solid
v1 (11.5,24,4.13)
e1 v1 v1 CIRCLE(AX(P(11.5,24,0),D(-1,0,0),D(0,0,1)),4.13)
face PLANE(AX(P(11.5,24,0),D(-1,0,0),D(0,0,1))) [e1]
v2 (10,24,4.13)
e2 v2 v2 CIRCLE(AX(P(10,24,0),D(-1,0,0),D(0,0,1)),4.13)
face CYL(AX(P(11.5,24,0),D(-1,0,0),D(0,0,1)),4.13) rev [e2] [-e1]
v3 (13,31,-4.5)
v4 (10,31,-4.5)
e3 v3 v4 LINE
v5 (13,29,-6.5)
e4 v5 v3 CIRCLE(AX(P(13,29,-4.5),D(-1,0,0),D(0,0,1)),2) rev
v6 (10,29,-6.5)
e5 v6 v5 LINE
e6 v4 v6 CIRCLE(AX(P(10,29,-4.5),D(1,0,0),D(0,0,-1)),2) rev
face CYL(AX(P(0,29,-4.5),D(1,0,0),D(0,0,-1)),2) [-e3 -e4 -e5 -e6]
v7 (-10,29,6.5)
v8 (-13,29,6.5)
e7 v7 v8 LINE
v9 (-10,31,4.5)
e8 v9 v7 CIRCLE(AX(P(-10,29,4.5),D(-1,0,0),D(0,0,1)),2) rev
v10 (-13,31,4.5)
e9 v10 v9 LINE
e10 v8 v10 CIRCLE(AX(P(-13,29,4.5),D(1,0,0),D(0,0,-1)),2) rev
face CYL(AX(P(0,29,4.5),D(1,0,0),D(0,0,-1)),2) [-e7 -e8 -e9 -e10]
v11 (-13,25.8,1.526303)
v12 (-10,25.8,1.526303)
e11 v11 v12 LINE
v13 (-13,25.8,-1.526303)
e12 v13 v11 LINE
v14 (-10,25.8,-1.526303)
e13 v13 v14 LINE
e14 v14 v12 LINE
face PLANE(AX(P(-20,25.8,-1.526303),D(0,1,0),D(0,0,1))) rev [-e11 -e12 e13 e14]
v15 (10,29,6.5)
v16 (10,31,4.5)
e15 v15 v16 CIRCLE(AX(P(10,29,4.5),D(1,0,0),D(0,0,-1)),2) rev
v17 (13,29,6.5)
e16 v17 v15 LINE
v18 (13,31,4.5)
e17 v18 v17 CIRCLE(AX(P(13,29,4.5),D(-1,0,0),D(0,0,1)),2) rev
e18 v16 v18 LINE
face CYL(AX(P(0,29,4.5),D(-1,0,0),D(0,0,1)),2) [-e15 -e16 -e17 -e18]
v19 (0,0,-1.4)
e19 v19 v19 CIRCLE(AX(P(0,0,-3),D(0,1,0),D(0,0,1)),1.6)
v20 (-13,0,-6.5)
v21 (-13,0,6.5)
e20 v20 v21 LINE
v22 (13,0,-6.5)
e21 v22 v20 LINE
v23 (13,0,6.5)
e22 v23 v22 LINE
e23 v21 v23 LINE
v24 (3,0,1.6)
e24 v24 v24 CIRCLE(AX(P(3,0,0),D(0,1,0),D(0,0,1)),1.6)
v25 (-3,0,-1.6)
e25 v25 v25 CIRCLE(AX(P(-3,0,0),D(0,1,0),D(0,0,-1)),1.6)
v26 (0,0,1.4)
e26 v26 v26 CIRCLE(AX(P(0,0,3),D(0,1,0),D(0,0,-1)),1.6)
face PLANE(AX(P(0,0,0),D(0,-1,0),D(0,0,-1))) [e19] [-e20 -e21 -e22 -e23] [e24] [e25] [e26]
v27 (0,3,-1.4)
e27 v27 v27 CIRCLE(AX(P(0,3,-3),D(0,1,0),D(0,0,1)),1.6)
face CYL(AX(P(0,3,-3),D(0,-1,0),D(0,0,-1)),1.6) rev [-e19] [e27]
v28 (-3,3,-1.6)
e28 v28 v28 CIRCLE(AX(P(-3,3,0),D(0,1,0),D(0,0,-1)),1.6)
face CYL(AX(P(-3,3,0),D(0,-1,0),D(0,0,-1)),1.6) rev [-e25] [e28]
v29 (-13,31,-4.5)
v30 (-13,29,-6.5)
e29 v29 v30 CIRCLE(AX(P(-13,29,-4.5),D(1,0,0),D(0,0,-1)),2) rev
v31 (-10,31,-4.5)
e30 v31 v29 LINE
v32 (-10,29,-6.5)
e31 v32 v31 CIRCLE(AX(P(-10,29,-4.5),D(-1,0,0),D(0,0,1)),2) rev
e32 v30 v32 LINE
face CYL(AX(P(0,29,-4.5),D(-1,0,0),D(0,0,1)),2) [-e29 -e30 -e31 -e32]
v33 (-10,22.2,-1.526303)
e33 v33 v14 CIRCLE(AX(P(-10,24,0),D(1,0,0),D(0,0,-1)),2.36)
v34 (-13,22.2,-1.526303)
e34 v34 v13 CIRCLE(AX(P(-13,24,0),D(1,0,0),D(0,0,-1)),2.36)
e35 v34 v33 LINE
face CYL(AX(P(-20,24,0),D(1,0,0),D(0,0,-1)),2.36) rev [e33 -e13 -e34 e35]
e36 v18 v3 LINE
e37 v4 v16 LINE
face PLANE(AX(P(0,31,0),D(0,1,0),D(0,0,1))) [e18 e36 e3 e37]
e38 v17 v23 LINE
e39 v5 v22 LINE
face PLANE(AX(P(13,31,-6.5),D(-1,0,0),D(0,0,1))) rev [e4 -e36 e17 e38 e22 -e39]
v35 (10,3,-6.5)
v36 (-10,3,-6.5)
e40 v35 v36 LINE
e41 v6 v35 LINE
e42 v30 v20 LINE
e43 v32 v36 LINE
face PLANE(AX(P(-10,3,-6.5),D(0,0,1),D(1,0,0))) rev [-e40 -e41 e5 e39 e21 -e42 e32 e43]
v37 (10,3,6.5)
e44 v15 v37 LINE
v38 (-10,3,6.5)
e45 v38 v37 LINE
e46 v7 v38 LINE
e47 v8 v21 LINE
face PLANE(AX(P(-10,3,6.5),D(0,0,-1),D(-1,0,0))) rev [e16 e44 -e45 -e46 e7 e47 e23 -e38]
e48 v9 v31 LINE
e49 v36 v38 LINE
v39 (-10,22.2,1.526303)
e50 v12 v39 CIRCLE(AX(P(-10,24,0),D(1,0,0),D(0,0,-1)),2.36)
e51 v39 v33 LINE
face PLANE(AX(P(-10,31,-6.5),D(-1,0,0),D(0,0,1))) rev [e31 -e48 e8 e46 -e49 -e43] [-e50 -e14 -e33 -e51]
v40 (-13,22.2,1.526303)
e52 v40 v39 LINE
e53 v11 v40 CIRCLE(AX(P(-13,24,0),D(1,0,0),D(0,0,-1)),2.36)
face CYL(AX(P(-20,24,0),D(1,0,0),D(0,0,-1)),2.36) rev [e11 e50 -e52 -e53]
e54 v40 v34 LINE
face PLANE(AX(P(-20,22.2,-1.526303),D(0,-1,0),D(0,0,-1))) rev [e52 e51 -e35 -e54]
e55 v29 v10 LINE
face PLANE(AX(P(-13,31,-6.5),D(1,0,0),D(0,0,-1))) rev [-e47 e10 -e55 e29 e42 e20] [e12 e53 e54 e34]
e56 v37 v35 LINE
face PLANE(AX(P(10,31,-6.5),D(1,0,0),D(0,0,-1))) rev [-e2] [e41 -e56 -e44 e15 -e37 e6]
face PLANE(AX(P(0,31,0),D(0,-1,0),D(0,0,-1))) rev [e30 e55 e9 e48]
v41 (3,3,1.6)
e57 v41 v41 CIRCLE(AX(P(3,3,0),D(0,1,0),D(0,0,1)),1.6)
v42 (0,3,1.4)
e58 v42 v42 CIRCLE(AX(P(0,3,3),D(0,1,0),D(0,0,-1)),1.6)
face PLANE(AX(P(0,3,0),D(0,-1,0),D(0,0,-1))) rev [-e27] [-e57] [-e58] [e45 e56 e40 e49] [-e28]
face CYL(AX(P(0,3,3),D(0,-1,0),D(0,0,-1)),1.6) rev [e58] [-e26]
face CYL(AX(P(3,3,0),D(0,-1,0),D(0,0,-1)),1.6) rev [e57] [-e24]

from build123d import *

# Parameters (mm, degrees)
SKETCH_1_W          = 20
SKETCH_1_H          = 13
SKETCH_1_R          = 1.6
EXTRUDE_1_DEPTH     = 3
SKETCH_2_W          = 3
SKETCH_2_H          = 13
EXTRUDE_2_DEPTH     = 31
SKETCH_3_R          = 4.13
CUT_EXTRUDE_1_DEPTH = 1.5
CUT_EXTRUDE_2_DEPTH = 10
FILLET_1_R          = 2


with BuildPart() as part:
    # 草图1 → 凸台-拉伸1 (new body)
    with BuildSketch(Plane(origin=(0, 0, 0), x_dir=(1, 0, 0), z_dir=(0, 1, 0))):
        Rectangle(SKETCH_1_W, SKETCH_1_H)
        with Locations(Location((0, 3, 0), (0, 0, 270))):
            Circle(SKETCH_1_R, mode=Mode.SUBTRACT)
        with Locations(Location((3, 0, 0), (0, 0, 270))):
            Circle(SKETCH_1_R, mode=Mode.SUBTRACT)
        with Locations(Location((0, -3, 0), (0, 0, 90))):
            Circle(SKETCH_1_R, mode=Mode.SUBTRACT)
        with Locations(Location((-3, 0, 0), (0, 0, 90))):
            Circle(SKETCH_1_R, mode=Mode.SUBTRACT)
    extrude(amount=EXTRUDE_1_DEPTH)

    # 草图2 → 凸台-拉伸2 (add)
    with BuildSketch(Plane(origin=(0, 0, 0), x_dir=(1, 0, 0), z_dir=(0, 1, 0))):
        with Locations((11.5, 0)):
            Rectangle(SKETCH_2_W, SKETCH_2_H)
        with Locations((-11.5, 0)):
            Rectangle(SKETCH_2_W, SKETCH_2_H)
    extrude(amount=EXTRUDE_2_DEPTH)

    # 草图3 → 切除-拉伸1 (cut)
    with BuildSketch(Plane.ZY.offset(-10)):
        with Locations((0, 24)):
            Circle(SKETCH_3_R)
    extrude(amount=-CUT_EXTRUDE_1_DEPTH, mode=Mode.SUBTRACT)

    # 草图4 → 切除-拉伸2 (cut)
    with BuildSketch(Plane(origin=(-10, 0, 0), x_dir=(0, 0, -1), z_dir=(1, 0, 0))):
        with BuildLine():
            Line((1.526302722, 25.8), (-1.526302722, 25.8))
            ThreePointArc((-1.526302722, 25.8), (-2.36, 24), (-1.526302722, 22.2))
            Line((-1.526302722, 22.2), (1.526302722, 22.2))
            ThreePointArc((1.526302722, 22.2), (2.36, 24), (1.526302722, 25.8))
        make_face()
    extrude(amount=-CUT_EXTRUDE_2_DEPTH, mode=Mode.SUBTRACT)

    # 圆角1
    fillet_1_edges = [part.edges().sort_by_distance(p)[0] for p in [
        (-11.5, 31, -6.5),
        (-11.5, 31, 6.5),
        (11.5, 31, 6.5),
        (11.5, 31, -6.5),
    ]]
    fillet(fillet_1_edges, radius=FILLET_1_R)


solid = part.part
